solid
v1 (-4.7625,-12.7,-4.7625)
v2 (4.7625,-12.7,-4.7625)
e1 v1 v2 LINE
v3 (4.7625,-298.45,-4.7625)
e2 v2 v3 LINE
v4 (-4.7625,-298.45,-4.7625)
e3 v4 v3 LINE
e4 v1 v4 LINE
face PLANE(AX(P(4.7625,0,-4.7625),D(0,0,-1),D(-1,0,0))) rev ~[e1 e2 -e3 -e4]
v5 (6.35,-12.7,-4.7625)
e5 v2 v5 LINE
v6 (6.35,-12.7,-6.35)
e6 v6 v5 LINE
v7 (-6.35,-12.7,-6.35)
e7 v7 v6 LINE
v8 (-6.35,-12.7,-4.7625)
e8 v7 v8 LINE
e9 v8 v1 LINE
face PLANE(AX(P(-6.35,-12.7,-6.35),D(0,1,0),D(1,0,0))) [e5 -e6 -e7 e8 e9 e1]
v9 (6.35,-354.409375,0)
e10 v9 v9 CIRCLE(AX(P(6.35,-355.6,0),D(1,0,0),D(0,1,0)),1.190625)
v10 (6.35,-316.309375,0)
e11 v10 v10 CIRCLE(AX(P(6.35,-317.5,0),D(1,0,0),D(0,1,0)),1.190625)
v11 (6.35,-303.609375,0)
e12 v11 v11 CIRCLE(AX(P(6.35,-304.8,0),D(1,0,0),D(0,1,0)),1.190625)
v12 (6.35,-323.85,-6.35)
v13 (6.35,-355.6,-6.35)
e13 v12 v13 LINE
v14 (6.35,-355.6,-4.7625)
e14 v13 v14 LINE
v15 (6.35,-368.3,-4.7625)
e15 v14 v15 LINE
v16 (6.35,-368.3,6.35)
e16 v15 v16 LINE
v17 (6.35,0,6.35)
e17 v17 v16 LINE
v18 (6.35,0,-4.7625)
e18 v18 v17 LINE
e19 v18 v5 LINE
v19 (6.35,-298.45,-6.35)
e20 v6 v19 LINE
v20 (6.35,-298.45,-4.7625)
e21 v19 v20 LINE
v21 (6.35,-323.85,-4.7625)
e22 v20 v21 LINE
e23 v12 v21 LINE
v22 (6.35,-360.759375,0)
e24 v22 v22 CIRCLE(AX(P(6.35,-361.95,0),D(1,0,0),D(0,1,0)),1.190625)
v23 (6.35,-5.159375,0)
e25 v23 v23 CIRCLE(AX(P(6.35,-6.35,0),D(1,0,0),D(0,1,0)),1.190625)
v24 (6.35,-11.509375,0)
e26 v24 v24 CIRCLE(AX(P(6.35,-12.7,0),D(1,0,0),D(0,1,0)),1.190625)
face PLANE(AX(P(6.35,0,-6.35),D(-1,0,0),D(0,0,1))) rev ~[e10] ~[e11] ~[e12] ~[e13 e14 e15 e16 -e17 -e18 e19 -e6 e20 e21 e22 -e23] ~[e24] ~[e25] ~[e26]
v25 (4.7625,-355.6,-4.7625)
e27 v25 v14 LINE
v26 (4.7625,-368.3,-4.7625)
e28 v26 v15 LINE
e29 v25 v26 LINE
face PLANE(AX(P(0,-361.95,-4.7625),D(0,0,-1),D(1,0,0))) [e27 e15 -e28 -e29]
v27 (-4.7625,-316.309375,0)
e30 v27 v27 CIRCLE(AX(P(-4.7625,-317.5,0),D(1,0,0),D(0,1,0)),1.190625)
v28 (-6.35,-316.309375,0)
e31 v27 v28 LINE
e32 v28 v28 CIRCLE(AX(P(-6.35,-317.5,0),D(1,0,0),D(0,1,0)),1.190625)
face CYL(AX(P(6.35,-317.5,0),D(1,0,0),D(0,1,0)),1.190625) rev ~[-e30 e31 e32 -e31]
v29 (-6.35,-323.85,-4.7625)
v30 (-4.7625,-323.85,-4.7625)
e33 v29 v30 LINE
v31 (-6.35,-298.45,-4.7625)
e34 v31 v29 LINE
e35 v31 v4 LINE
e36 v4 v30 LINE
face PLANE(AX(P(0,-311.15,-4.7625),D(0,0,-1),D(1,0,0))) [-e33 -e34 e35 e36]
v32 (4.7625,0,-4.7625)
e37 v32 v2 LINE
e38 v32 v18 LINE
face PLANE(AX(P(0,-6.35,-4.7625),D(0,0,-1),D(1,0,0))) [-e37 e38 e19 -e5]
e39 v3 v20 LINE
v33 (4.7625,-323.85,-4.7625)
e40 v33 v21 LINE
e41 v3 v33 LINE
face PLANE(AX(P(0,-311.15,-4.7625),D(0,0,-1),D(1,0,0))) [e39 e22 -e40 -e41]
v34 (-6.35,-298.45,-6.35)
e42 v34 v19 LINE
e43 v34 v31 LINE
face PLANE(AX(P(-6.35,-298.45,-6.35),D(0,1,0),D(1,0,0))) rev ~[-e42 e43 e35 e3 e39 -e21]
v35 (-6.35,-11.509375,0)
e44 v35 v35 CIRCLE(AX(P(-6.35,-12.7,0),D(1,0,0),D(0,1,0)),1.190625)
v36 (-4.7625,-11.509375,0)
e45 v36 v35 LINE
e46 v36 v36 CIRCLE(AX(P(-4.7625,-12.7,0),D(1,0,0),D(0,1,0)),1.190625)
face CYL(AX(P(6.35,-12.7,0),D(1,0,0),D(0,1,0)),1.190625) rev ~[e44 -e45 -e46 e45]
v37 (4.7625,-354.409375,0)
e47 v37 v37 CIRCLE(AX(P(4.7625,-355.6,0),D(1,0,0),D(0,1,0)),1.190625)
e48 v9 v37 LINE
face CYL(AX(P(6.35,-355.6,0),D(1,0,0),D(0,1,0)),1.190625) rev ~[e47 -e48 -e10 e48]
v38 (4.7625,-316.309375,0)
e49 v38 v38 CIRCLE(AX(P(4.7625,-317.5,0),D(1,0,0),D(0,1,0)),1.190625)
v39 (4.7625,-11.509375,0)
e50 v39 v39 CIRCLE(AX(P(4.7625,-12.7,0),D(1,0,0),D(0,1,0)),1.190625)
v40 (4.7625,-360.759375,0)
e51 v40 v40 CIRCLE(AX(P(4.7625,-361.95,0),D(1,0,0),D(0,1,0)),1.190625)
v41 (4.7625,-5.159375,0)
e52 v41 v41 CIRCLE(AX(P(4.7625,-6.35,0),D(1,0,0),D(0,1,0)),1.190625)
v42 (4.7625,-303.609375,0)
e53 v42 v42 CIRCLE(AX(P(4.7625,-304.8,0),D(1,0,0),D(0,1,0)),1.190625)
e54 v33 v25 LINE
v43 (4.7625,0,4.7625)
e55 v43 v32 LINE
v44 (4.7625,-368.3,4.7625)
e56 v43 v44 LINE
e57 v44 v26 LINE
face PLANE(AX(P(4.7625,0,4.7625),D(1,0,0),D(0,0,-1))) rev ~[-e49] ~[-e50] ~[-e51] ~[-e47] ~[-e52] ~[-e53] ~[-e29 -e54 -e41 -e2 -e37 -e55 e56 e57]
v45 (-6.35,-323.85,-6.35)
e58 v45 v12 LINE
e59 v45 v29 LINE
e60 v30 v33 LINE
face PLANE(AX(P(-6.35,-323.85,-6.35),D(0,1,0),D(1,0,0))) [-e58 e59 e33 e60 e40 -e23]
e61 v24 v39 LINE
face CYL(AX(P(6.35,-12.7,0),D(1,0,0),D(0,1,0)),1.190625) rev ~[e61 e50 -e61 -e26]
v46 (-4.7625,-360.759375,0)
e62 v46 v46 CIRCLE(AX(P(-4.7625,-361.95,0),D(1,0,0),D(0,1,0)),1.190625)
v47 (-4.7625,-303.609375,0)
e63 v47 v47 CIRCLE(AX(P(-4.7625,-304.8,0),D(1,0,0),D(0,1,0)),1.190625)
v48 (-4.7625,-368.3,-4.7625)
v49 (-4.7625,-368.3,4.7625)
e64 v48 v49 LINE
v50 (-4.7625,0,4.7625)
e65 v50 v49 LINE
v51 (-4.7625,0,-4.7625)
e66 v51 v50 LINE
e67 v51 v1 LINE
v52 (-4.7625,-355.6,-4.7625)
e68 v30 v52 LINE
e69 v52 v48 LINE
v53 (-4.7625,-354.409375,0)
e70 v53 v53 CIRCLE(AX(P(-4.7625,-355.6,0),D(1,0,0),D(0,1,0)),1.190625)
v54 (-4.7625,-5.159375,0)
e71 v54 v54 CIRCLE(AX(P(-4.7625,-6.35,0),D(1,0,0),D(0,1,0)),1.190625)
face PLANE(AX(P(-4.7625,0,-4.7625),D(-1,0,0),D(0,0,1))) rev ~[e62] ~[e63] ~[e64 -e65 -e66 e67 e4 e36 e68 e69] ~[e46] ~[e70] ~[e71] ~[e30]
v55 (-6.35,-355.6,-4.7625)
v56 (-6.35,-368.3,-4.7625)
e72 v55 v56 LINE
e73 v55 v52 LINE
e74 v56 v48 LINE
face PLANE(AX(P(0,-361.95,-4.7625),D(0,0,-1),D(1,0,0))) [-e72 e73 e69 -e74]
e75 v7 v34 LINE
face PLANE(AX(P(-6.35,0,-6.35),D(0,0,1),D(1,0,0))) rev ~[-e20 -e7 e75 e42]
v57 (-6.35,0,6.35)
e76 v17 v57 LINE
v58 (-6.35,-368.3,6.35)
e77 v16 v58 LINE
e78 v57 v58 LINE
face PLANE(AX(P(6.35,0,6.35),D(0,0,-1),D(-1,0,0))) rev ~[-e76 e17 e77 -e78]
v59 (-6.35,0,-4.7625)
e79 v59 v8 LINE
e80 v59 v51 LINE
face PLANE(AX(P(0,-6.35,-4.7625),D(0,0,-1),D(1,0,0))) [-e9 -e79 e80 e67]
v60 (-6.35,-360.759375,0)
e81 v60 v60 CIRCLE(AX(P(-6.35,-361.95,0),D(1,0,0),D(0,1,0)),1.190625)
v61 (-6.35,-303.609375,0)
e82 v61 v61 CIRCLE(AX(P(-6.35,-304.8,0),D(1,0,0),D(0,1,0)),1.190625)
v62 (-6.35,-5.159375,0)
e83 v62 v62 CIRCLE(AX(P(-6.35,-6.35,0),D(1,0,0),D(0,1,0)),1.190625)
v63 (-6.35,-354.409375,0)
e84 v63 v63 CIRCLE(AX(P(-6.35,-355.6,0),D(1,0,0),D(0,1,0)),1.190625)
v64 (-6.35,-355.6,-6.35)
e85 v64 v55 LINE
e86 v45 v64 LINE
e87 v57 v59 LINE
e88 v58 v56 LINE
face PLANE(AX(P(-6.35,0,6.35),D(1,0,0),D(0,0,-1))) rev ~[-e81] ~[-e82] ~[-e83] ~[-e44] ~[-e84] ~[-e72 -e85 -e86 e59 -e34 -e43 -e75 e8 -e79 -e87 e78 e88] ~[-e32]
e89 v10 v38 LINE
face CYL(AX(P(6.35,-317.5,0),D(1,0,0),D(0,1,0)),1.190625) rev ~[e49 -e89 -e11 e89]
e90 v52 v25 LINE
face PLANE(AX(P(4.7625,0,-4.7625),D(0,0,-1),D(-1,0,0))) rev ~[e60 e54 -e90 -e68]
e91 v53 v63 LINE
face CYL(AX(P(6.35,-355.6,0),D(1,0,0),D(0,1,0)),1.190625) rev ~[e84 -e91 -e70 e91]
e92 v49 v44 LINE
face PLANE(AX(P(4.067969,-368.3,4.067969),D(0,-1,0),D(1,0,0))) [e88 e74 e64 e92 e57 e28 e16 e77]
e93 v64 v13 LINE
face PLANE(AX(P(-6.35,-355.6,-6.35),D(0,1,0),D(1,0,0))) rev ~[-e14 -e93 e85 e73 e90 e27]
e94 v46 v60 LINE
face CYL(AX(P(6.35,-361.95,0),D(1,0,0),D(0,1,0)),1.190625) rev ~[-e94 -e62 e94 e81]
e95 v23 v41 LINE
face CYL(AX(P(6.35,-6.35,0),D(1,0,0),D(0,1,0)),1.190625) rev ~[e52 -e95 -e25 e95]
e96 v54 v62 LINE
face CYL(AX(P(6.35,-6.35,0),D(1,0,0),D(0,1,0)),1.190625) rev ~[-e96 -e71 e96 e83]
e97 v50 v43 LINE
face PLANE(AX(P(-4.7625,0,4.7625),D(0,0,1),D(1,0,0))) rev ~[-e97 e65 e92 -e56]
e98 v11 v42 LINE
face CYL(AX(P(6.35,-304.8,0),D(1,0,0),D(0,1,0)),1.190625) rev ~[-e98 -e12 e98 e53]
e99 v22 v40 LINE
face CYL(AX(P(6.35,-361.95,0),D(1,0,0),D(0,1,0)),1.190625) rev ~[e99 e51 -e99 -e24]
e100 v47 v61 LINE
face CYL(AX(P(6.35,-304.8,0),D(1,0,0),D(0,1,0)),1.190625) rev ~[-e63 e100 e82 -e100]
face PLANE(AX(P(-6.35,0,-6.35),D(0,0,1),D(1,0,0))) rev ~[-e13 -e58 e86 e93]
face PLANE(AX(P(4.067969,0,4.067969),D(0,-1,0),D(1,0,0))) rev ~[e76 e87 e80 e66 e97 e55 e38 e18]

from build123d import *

# Parameters (mm, degrees)
F1_DEPTH = 368.3
F2_R     = 1.190625
F3_DEPTH = 12.701
F4_W     = 12.7
F4_H     = 25.4
F4_H_2   = 12.7
F5_DEPTH = 1.5875


with BuildPart() as f1:
    # F0 (on Front) → F1 (new body)
    with BuildSketch(Plane.XZ):
        Polygon((0, 4.7625), (4.7625, 4.7625), (4.7625, 0), (6.35, 0), (6.35, 6.35), (0, 6.35), align=None)
        Polygon((-4.7625, 4.7625), (0, 4.7625), (0, 6.35), (-6.35, 6.35), (-6.35, -6.35), (6.35, -6.35), (6.35, 0), (4.7625, 0), (4.7625, -4.7625), (-4.7625, -4.7625), align=None)
    extrude(amount=F1_DEPTH)

    # F2 (on face) → F3 (cut, through all)
    with BuildSketch(Plane.YZ.offset(6.35)):
        with Locations((-317.5, 0)):
            Circle(F2_R)
        with Locations((-304.8, 0)):
            Circle(F2_R)
        with Locations((-361.95, 0)):
            Circle(F2_R)
        with Locations((-355.6, 0)):
            Circle(F2_R)
        with Locations((-6.35, 0)):
            Circle(F2_R)
        with Locations((-12.7, 0)):
            Circle(F2_R)
    extrude(amount=-F3_DEPTH, mode=Mode.SUBTRACT)

    # F4 (on face) → F5 (cut, through all)
    with BuildSketch(Plane(origin=(0, 0, -6.35), x_dir=(1, 0, 0), z_dir=(0, 0, -1))):
        with Locations((0, 311.15)):
            Rectangle(F4_W, F4_H)
        with Locations((0, 361.95)):
            Rectangle(F4_W, F4_H_2)
        with Locations((0, 6.35)):
            Rectangle(F4_W, F4_H_2)
    extrude(amount=-F5_DEPTH, mode=Mode.SUBTRACT)


solid = f1.part
